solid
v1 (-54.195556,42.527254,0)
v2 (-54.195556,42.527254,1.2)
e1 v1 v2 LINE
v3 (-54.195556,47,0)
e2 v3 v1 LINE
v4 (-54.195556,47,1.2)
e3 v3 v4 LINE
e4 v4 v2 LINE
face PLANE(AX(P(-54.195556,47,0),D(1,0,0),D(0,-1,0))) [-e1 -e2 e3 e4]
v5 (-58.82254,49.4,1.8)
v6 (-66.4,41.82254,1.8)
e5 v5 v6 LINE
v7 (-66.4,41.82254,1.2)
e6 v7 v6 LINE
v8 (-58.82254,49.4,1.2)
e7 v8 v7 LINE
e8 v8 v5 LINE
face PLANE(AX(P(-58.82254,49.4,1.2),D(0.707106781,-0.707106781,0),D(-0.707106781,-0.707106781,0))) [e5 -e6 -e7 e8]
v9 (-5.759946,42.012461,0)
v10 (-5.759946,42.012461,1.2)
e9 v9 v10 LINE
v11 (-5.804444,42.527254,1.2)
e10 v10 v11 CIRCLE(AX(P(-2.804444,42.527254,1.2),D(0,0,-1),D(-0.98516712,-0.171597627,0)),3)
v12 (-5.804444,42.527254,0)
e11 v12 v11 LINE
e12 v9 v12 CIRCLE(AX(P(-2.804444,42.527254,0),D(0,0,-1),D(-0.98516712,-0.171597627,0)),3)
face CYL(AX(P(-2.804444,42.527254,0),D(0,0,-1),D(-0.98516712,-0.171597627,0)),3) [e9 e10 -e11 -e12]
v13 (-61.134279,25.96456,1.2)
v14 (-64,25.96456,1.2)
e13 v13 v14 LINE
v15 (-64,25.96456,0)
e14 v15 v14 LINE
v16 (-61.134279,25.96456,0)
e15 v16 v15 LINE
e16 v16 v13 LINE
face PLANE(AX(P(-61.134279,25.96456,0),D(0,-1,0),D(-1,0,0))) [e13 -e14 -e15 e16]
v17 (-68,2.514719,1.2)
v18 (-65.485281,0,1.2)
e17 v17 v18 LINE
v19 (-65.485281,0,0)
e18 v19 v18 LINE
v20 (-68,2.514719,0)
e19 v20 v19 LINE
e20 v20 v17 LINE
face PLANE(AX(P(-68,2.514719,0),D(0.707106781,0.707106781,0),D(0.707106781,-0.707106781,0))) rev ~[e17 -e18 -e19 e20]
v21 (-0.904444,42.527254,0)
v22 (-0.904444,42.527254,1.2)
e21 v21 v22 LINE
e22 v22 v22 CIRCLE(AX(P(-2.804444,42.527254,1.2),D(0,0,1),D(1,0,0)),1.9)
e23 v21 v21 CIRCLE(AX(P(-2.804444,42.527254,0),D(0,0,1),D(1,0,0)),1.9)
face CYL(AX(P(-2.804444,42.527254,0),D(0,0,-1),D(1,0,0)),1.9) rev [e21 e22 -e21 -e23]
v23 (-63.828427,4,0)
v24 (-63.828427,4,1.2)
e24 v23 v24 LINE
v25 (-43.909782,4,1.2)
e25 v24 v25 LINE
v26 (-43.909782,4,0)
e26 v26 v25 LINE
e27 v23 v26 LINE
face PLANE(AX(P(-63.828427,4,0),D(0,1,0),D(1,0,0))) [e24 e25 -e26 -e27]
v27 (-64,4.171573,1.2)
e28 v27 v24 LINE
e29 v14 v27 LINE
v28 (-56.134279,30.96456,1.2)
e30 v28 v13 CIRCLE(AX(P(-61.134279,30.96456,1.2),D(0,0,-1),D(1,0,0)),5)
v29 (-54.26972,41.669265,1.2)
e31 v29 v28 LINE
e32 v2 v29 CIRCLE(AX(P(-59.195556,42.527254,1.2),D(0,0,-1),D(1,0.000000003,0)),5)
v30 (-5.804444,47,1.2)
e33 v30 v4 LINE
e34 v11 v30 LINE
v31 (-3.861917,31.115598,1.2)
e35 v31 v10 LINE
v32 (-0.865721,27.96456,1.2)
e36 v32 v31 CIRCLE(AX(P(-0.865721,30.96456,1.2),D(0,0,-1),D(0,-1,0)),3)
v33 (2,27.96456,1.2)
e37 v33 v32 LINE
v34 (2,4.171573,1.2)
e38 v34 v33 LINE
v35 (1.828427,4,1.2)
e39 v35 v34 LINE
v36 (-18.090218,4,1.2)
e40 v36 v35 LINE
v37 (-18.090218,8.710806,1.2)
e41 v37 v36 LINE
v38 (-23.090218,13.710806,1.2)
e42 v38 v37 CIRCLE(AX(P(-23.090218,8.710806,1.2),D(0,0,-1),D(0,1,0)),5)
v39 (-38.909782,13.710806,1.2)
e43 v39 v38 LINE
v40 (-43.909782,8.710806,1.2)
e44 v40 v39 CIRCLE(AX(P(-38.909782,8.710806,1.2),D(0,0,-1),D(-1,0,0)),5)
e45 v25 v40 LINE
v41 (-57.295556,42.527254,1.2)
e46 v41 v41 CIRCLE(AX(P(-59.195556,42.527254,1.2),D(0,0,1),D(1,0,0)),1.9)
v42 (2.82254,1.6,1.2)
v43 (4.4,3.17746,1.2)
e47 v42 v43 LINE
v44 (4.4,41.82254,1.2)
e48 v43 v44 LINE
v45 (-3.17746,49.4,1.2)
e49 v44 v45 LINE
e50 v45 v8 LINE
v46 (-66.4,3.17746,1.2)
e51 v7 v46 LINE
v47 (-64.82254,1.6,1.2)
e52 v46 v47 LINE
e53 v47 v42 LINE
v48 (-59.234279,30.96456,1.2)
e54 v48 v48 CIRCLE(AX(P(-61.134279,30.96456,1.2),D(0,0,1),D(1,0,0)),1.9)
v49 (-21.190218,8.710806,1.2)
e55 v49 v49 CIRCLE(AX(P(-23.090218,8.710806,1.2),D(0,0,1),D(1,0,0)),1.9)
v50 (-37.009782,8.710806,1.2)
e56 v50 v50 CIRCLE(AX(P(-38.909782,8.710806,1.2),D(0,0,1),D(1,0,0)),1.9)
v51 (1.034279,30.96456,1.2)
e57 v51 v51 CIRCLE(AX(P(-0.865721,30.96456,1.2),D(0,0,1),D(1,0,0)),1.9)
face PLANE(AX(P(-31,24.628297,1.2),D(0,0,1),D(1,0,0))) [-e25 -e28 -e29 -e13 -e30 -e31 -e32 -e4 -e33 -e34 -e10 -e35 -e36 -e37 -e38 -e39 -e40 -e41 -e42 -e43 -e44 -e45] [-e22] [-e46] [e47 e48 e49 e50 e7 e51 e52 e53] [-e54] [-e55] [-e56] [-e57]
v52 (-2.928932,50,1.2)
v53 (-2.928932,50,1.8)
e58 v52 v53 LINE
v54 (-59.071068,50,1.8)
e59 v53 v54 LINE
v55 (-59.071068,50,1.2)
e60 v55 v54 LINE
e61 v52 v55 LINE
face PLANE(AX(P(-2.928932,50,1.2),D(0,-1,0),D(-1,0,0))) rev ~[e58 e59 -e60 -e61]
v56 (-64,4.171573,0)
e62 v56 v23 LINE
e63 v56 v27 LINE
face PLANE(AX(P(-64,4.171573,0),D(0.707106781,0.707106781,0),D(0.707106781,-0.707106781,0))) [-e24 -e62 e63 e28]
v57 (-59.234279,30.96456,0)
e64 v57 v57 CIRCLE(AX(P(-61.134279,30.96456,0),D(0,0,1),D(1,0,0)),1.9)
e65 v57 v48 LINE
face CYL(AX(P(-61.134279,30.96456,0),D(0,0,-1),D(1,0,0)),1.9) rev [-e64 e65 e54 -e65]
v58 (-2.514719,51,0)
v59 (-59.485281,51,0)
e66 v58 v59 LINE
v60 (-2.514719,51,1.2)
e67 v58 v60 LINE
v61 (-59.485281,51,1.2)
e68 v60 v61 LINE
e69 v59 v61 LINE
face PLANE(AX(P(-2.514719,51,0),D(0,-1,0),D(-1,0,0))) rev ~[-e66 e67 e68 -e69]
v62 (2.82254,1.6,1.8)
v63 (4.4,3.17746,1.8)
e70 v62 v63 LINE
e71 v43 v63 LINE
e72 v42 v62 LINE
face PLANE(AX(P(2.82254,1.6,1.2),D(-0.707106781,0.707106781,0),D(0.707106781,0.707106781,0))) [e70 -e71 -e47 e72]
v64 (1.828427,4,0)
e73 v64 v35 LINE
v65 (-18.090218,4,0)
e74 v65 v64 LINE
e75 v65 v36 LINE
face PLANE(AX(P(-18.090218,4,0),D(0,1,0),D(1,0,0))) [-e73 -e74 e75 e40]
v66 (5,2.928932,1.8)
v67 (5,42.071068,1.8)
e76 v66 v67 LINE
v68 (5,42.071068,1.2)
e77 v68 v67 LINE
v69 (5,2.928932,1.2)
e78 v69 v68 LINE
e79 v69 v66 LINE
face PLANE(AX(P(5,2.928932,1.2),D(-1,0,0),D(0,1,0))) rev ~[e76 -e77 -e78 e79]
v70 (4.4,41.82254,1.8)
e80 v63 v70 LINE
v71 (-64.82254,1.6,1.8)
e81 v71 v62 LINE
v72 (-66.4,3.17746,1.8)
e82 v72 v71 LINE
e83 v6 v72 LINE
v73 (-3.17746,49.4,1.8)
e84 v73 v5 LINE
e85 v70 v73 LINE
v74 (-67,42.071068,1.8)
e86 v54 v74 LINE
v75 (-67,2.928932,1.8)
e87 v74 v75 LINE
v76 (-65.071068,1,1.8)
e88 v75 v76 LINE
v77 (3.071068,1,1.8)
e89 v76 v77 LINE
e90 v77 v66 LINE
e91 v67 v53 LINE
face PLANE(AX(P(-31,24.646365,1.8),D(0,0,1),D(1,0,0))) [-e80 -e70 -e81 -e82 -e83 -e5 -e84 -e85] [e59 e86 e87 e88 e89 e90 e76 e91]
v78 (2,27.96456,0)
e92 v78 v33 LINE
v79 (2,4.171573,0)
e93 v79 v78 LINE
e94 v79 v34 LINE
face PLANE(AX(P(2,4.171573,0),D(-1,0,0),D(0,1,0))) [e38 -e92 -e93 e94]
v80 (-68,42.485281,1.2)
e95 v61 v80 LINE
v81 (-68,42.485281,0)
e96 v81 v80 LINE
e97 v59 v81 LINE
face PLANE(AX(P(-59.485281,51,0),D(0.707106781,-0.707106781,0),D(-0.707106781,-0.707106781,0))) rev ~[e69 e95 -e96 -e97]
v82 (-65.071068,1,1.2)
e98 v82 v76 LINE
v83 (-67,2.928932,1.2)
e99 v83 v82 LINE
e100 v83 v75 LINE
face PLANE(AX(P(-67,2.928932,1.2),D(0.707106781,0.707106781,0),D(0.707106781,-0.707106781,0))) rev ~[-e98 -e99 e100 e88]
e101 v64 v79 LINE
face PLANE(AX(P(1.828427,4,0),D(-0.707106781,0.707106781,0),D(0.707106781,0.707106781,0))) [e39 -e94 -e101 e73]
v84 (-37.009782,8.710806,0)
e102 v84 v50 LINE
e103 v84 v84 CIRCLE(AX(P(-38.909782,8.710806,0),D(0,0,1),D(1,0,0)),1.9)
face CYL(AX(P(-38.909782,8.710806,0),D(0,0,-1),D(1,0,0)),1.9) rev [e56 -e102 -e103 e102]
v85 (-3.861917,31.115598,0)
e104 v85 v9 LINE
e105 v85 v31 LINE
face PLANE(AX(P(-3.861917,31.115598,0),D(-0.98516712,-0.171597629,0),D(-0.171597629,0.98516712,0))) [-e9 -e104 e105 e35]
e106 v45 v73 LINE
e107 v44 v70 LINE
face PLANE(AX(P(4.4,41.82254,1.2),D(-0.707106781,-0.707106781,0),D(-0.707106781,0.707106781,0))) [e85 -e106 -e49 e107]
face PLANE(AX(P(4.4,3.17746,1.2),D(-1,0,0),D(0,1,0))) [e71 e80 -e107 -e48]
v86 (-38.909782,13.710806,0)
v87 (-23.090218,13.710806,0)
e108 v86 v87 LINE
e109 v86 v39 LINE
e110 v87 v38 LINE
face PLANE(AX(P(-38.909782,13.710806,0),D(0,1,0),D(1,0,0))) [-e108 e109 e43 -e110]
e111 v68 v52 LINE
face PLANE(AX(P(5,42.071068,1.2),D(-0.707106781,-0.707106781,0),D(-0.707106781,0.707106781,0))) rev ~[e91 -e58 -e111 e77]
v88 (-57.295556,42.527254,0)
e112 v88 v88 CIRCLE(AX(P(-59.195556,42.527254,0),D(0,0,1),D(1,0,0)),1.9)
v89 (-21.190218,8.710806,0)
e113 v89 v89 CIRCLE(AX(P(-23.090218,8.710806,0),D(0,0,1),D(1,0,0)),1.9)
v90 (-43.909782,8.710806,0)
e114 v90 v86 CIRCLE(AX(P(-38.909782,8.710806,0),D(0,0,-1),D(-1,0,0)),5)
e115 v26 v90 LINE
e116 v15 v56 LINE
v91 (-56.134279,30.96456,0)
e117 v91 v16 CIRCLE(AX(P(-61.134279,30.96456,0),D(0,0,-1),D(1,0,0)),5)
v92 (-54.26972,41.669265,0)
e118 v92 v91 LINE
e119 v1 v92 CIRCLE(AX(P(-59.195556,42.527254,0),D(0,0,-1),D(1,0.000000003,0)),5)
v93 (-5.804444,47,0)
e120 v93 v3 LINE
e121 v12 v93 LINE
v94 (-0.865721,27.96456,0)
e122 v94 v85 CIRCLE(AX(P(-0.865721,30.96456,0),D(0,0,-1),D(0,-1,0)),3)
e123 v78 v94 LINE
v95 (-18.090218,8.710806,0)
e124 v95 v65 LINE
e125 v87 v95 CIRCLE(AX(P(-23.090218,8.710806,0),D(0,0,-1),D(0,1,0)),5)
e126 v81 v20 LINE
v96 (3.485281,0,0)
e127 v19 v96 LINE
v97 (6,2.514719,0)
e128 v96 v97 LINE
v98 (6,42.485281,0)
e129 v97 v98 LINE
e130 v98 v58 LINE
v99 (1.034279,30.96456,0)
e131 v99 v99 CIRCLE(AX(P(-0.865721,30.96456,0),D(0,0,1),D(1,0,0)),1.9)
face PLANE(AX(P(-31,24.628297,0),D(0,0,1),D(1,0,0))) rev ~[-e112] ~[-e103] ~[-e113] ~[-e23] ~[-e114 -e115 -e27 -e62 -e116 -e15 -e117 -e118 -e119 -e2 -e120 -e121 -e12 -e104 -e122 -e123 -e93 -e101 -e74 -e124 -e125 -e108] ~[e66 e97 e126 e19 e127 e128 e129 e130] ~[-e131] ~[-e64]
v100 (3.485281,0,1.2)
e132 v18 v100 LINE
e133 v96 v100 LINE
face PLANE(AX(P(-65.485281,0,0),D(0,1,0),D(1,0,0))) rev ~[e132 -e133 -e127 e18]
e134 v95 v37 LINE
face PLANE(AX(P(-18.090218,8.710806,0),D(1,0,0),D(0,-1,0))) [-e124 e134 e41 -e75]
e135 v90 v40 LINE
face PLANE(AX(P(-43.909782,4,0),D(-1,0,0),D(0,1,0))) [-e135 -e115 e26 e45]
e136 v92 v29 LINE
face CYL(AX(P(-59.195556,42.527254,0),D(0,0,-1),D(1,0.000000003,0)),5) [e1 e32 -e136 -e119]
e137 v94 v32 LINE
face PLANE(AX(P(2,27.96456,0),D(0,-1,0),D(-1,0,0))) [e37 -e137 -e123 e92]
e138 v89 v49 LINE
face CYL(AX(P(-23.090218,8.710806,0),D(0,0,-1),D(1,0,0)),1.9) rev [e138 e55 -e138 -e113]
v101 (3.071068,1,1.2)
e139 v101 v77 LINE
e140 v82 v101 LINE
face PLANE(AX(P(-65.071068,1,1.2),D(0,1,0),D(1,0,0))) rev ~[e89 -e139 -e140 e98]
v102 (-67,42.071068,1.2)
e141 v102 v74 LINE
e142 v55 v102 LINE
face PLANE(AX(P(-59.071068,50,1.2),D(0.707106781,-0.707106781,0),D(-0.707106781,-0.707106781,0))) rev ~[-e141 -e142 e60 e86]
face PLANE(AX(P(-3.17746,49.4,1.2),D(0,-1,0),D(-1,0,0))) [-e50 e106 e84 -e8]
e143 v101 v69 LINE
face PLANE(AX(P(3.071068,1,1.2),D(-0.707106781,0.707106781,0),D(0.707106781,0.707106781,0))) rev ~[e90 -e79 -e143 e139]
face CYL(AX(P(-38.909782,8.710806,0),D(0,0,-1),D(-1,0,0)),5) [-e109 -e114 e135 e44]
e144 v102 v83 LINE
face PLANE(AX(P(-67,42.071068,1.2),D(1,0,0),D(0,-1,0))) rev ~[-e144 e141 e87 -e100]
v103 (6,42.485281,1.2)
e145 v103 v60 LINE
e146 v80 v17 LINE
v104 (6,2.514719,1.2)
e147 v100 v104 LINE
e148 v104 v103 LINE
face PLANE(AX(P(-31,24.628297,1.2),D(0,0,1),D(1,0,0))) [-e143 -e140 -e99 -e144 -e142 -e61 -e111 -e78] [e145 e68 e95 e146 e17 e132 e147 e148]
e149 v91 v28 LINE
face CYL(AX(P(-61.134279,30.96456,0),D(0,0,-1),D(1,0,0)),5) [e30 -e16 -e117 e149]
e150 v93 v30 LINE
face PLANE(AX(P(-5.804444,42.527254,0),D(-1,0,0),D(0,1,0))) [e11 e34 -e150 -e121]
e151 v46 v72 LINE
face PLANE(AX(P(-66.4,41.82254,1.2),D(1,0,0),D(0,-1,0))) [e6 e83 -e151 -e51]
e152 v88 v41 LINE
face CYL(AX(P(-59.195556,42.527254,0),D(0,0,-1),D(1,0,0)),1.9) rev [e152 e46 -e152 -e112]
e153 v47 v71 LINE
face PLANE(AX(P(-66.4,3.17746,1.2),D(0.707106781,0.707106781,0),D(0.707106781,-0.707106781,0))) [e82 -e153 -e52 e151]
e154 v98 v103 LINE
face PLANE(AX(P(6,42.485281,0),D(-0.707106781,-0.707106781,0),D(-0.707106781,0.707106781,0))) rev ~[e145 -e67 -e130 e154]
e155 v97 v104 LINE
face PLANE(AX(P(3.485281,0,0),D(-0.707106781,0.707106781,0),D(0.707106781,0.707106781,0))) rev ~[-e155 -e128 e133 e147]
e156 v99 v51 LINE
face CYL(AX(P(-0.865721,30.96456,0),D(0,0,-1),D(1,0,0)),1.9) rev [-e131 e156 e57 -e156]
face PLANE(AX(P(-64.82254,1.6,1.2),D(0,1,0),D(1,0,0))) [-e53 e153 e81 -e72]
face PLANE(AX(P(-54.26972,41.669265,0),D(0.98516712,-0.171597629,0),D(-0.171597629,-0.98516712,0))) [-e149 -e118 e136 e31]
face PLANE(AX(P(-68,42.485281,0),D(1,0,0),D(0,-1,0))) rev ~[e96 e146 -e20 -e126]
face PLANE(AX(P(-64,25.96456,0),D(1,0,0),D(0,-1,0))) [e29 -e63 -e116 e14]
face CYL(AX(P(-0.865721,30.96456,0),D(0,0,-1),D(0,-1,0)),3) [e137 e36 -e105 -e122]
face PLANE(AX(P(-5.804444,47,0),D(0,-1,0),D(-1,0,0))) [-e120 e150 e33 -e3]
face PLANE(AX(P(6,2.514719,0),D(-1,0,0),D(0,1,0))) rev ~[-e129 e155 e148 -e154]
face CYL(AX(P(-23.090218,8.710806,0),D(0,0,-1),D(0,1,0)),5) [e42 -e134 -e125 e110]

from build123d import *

# Parameters (mm, degrees)
SKETCH1_R           = 1.9
BOSS_EXTRUDE1_DEPTH = 1.2
BOSS_EXTRUDE2_DEPTH = 0.6


with BuildPart() as part:
    # Sketch1 → Boss-Extrude1 (new body)
    with BuildSketch(Plane.XY):
        Polygon((-68, 2.514718626), (-65.485281374, 0), (3.485281374, 0), (6, 2.514718626), (6, 42.485281374), (-2.514718626, 51), (-59.485281374, 51), (-68, 42.485281374), align=None)
        with Locations((-0.865721015, 30.964560447)):
            Circle(SKETCH1_R, mode=Mode.SUBTRACT)
        with Locations((-61.134278985, 30.964560447)):
            Circle(SKETCH1_R, mode=Mode.SUBTRACT)
        with Locations((-38.909782256, 8.710806253)):
            Circle(SKETCH1_R, mode=Mode.SUBTRACT)
        with Locations((-23.090217744, 8.710806253)):
            Circle(SKETCH1_R, mode=Mode.SUBTRACT)
        with Locations((-2.804444182, 42.527253566)):
            Circle(SKETCH1_R, mode=Mode.SUBTRACT)
        with Locations((-59.195555818, 42.527253566)):
            Circle(SKETCH1_R, mode=Mode.SUBTRACT)
        with BuildLine():
            Line((2, 27.964560447), (-0.865721015, 27.964560447))
            ThreePointArc((-0.865721015, 27.964560447), (-3.039785544, 28.897329588), (-3.861916537, 31.115598164))
            Line((-3.861916537, 31.115598164), (-5.759945542, 42.01246068))
            ThreePointArc((-5.759945542, 42.01246068), (-5.793298819, 42.268897298), (-5.804444182, 42.527253566))
            Line((-5.804444182, 42.527253566), (-5.804444182, 47))
            Line((-5.804444182, 47), (-54.195555818, 47))
            Line((-54.195555818, 47), (-54.195555818, 42.527253566))
            ThreePointArc((-54.195555818, 42.527253566), (-54.214131423, 42.096659786), (-54.269720219, 41.669265423))
            Line((-54.269720219, 41.669265423), (-56.134278985, 30.964560447))
            ThreePointArc((-56.134278985, 30.964560447), (-57.598745079, 27.429026541), (-61.134278985, 25.964560447))
            Line((-61.134278985, 25.964560447), (-64, 25.964560447))
            Line((-64, 25.964560447), (-64, 4.171572875))
            Line((-64, 4.171572875), (-63.828427125, 4))
            Line((-63.828427125, 4), (-43.909782256, 4))
            Line((-43.909782256, 4), (-43.909782256, 8.710806253))
            ThreePointArc((-43.909782256, 8.710806253), (-42.445316162, 12.246340159), (-38.909782256, 13.710806253))
            Line((-38.909782256, 13.710806253), (-23.090217744, 13.710806253))
            ThreePointArc((-23.090217744, 13.710806253), (-19.554683838, 12.246340159), (-18.090217744, 8.710806253))
            Line((-18.090217744, 8.710806253), (-18.090217744, 4))
            Line((-18.090217744, 4), (1.828427125, 4))
            Line((1.828427125, 4), (2, 4.171572875))
            Line((2, 4.171572875), (2, 27.964560447))
        make_face(mode=Mode.SUBTRACT)
    extrude(amount=BOSS_EXTRUDE1_DEPTH)

    # Sketch2 → Boss-Extrude2 (add)
    with BuildSketch(Plane.XY.offset(1.2)):
        Polygon((-67, 42.071067812), (-67, 2.928932188), (-65.071067812, 1), (3.071067812, 1), (5, 2.928932188), (5, 42.071067812), (-2.928932188, 50), (-59.071067812, 50), align=None)
        Polygon((-66.4, 41.822539674), (-66.4, 3.177460326), (-64.822539674, 1.6), (2.822539674, 1.6), (4.4, 3.177460326), (4.4, 41.822539674), (-3.177460326, 49.4), (-58.822539674, 49.4), align=None, mode=Mode.SUBTRACT)
    extrude(amount=BOSS_EXTRUDE2_DEPTH)


solid = part.part
